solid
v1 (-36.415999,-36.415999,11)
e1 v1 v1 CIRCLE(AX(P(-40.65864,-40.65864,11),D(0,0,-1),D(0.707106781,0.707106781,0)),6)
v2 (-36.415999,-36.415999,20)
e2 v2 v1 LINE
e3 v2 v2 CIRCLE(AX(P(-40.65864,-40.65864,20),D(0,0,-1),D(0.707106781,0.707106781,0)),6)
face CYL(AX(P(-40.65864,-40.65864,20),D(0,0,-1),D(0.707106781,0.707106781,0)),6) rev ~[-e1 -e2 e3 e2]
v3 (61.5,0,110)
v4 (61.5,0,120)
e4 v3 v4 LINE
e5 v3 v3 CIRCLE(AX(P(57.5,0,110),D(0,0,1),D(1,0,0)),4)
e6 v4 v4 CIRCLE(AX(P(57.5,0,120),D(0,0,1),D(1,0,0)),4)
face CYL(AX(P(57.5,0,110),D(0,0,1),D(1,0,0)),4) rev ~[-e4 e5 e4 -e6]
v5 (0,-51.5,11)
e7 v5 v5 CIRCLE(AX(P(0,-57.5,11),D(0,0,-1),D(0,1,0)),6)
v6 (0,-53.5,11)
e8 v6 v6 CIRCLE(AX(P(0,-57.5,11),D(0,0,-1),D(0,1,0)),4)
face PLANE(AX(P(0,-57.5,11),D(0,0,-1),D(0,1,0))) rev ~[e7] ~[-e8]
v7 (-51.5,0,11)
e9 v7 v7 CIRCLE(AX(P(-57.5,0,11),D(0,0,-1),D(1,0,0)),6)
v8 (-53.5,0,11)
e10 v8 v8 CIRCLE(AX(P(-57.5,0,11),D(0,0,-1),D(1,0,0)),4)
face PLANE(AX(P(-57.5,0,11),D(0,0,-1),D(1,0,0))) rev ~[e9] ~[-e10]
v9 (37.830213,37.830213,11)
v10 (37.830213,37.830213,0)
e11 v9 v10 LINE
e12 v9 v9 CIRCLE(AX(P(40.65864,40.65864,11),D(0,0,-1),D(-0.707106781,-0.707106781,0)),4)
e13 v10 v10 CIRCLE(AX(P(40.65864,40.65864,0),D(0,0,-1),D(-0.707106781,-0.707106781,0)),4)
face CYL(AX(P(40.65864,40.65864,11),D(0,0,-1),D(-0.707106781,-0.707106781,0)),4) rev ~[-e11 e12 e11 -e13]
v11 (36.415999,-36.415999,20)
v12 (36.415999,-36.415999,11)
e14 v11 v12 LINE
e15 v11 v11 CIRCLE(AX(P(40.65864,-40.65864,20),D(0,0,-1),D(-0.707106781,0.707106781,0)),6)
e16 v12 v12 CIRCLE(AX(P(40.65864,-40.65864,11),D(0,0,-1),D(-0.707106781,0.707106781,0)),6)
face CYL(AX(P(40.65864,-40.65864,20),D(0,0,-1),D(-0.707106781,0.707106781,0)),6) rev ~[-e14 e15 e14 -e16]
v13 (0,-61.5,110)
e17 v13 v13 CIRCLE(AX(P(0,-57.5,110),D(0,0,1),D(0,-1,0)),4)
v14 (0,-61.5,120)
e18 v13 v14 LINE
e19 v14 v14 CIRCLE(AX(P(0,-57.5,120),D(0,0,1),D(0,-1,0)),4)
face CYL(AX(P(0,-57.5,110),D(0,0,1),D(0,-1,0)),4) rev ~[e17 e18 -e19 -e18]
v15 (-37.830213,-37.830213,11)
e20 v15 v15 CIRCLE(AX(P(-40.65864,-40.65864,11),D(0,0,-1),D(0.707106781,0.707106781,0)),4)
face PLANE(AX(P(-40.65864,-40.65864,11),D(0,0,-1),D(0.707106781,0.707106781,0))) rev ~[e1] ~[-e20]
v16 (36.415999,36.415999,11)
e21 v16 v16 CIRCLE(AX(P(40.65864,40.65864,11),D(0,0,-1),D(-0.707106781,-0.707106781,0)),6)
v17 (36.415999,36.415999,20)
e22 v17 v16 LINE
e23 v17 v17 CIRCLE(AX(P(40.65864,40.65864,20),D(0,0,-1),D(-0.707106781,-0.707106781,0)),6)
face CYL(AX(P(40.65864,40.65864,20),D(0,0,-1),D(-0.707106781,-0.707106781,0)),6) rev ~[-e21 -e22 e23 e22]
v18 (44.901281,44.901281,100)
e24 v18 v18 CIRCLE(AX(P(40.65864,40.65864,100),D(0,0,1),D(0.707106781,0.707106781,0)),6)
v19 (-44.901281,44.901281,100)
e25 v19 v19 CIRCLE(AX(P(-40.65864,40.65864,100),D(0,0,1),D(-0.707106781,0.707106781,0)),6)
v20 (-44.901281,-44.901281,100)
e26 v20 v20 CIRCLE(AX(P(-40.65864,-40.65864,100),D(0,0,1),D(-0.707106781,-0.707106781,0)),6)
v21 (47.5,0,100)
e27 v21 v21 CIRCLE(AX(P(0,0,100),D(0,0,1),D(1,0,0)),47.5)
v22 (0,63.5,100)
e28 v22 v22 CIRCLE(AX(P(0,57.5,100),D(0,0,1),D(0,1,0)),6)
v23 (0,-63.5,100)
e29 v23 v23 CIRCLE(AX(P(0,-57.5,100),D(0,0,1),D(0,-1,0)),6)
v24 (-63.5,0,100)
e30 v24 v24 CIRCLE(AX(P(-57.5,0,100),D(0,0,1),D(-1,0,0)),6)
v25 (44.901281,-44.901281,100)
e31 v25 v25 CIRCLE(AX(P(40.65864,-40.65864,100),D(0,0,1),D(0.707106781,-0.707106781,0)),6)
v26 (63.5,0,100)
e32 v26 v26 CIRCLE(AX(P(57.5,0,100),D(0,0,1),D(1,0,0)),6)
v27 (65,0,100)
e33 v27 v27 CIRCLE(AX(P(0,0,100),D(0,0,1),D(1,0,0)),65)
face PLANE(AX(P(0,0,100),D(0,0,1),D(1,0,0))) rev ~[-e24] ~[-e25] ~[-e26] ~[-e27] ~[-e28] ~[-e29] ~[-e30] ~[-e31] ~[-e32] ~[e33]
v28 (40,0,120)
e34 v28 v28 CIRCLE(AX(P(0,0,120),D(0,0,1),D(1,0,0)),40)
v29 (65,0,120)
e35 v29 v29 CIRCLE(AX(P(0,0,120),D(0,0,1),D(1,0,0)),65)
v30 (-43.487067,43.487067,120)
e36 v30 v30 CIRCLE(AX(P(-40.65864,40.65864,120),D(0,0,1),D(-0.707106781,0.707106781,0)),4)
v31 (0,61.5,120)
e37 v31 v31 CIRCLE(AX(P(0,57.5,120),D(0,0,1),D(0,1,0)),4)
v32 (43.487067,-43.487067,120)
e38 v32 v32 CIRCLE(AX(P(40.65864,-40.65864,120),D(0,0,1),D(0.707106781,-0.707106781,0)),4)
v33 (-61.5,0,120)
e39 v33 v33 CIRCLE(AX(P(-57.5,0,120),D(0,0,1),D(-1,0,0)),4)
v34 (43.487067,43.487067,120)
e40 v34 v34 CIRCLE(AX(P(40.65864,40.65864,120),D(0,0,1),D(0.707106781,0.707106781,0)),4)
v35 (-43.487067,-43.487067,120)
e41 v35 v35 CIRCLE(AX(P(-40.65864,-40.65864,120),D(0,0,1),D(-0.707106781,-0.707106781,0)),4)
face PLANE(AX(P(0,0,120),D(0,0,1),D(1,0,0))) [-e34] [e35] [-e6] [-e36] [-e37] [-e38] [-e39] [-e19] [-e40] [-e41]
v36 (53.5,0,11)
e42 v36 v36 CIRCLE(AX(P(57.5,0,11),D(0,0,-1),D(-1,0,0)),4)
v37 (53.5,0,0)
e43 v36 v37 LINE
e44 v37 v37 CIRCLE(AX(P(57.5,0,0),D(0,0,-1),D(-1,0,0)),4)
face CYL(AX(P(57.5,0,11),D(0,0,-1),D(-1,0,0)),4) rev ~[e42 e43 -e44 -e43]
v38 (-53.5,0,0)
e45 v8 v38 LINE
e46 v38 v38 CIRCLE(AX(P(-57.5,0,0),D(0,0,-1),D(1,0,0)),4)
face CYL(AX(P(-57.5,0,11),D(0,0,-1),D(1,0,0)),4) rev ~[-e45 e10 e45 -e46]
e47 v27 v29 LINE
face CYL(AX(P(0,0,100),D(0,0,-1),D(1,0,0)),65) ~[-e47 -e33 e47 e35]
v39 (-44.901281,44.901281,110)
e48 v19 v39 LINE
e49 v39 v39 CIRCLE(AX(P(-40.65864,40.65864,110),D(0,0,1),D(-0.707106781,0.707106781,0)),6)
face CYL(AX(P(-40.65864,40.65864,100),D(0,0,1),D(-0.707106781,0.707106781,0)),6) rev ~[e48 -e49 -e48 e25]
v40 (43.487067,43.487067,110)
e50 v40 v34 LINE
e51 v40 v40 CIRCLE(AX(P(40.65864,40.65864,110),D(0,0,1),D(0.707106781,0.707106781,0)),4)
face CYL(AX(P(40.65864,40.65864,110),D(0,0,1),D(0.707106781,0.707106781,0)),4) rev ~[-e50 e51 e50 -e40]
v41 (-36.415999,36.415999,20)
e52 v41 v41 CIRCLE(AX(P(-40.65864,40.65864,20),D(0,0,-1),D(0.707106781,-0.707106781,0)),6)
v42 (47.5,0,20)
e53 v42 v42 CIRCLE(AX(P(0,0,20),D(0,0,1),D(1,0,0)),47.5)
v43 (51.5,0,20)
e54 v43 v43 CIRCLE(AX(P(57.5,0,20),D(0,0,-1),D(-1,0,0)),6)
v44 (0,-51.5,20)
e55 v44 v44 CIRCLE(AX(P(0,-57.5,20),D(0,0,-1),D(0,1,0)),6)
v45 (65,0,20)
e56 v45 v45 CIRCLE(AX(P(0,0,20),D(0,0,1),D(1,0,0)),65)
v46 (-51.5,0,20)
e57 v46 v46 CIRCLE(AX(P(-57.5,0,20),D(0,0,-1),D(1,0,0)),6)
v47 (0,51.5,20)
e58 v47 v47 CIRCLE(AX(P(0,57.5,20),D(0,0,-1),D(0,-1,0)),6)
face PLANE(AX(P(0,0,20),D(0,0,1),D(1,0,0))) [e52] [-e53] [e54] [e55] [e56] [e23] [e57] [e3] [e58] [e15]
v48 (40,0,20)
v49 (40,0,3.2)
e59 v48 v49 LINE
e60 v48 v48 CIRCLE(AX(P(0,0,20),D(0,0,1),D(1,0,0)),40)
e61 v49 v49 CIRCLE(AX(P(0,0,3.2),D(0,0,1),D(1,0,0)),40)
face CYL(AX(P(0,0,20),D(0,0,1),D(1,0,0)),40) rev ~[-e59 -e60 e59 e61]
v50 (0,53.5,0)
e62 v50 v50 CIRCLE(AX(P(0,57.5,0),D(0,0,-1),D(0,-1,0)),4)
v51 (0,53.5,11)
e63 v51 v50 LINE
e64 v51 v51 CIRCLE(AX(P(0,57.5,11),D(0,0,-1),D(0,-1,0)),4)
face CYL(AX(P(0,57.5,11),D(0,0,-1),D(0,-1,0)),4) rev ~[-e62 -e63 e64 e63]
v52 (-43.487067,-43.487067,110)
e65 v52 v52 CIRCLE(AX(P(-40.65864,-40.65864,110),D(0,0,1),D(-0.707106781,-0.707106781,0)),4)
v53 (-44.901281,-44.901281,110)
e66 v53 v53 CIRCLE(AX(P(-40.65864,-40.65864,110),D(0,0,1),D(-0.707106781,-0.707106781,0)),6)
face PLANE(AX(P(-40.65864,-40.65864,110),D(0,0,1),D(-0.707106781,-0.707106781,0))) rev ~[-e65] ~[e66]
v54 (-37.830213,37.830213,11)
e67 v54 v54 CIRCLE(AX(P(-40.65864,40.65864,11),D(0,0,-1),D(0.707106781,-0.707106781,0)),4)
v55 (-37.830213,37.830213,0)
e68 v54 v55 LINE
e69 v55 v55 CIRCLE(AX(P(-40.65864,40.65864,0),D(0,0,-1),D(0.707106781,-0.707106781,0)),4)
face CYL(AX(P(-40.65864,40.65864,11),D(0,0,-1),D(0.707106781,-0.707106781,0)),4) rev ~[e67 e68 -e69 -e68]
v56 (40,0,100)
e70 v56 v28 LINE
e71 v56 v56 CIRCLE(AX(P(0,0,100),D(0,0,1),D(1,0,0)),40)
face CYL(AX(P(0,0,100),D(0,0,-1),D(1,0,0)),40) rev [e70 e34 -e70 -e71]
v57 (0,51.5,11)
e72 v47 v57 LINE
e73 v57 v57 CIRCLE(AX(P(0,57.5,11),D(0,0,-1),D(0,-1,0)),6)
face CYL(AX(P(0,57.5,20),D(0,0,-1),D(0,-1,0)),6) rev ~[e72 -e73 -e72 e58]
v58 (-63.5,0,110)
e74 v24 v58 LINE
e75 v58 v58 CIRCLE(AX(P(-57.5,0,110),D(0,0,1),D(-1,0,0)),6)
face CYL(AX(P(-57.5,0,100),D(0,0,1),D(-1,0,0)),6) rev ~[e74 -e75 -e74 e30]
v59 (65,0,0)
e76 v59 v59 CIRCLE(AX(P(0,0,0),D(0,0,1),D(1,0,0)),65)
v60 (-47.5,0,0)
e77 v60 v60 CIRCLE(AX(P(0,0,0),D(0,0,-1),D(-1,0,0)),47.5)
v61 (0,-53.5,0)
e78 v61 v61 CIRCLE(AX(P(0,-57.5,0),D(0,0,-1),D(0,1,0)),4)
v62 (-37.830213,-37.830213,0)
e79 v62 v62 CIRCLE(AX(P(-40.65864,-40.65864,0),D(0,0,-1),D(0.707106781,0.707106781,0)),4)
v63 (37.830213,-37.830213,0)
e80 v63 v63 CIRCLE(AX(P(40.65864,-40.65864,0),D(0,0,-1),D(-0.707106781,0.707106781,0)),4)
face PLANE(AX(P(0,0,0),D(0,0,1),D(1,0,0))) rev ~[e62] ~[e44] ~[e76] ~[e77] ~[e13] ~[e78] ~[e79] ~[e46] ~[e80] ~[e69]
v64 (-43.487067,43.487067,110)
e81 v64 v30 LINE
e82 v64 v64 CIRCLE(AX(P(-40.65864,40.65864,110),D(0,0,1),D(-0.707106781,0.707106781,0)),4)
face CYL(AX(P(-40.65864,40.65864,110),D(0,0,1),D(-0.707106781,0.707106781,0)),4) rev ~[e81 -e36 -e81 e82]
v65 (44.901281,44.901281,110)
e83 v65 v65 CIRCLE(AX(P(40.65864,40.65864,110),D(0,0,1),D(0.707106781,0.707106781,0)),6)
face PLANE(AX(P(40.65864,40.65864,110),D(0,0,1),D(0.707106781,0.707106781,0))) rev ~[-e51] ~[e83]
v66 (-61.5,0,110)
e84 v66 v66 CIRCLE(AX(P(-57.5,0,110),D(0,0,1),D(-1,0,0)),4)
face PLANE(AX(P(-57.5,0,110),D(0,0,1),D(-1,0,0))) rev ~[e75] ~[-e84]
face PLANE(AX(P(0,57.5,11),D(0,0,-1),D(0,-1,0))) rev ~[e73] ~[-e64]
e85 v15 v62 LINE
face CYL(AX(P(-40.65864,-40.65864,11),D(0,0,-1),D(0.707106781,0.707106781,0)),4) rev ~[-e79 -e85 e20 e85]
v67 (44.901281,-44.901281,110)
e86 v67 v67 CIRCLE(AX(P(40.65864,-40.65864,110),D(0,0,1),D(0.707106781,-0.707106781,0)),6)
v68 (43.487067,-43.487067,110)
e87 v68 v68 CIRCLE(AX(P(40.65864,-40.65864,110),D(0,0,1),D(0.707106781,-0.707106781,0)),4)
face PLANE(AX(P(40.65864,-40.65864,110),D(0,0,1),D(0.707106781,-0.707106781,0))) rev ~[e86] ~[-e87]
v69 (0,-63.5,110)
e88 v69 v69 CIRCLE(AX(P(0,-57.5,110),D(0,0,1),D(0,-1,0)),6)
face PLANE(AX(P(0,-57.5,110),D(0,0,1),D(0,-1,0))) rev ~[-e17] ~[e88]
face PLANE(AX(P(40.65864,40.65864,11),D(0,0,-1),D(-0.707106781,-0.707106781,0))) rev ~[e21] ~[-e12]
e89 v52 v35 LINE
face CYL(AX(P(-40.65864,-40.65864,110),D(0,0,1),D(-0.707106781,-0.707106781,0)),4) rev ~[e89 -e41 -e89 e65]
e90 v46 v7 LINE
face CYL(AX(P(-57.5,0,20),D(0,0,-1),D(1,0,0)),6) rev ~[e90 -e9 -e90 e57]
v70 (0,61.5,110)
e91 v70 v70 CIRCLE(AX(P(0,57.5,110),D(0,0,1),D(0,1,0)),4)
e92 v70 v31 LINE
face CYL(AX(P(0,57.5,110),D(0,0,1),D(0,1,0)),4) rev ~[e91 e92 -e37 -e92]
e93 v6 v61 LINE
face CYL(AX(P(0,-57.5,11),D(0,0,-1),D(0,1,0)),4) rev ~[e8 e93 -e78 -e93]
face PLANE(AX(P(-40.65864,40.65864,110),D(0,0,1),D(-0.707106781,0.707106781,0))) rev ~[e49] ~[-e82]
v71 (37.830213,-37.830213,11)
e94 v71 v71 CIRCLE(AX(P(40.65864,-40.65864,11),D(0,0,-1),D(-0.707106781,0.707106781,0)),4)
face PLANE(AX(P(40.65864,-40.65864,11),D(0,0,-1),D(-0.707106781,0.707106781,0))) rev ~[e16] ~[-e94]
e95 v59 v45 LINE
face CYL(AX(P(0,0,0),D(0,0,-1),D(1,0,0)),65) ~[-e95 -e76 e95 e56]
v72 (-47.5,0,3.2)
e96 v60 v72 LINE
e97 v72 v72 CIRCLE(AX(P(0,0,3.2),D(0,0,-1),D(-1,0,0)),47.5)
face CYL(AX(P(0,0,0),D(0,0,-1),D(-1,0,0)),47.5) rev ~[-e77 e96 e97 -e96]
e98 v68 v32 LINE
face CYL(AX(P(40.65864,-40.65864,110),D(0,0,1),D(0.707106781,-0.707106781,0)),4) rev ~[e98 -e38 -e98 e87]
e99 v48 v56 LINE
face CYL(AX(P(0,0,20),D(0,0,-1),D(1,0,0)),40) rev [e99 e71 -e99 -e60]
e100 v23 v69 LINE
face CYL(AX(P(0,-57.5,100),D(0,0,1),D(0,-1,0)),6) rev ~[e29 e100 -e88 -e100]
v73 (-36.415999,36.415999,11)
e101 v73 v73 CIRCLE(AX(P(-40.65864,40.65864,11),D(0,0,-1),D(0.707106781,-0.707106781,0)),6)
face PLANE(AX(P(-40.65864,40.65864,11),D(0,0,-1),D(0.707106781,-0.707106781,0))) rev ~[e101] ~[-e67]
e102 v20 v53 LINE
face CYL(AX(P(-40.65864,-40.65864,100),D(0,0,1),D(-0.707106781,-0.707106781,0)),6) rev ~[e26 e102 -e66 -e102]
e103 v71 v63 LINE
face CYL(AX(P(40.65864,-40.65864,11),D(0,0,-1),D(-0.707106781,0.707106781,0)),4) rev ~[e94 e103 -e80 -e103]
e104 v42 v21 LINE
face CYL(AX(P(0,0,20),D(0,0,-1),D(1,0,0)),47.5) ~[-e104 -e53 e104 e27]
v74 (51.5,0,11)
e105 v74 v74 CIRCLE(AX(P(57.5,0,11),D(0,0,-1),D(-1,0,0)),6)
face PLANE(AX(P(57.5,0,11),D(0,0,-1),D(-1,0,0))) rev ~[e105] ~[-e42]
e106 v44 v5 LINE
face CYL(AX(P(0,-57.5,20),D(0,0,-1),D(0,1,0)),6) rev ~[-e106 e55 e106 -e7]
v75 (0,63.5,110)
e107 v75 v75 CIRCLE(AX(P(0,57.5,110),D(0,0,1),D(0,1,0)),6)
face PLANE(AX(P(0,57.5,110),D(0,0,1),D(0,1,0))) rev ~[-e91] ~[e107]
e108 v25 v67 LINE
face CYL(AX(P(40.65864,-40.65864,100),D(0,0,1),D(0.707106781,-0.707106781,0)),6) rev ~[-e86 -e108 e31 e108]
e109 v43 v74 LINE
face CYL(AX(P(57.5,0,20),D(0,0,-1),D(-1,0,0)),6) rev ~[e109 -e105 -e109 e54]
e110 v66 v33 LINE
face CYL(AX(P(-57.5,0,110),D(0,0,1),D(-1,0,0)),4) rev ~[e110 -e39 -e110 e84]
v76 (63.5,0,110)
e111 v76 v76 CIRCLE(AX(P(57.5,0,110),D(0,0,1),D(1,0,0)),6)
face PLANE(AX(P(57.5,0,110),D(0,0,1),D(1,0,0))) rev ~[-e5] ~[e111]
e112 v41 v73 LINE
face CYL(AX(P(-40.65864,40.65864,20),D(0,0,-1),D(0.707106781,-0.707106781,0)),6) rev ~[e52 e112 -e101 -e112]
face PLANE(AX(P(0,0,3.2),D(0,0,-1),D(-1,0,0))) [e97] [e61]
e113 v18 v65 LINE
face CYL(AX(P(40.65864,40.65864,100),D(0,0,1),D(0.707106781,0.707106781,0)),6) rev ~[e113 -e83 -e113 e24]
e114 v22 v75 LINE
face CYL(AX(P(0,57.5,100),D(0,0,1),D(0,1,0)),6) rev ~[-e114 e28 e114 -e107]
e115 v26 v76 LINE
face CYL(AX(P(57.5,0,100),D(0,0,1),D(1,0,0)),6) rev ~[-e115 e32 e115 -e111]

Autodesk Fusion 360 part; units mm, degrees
sketch "Sketch1" plane through (0, 0, 0) normal (0, 0, 1) x (1, 0, 0)
  circle A0 centre (0, 0) radius 57.5
  circle A1 centre (0, 0) radius 65
  dimension "d1" = 115
  dimension "d2" = 130
extrude "Extrude1" add sketch "Sketch1" along normal blind 20 contours A0 | A1
sketch "Sketch2" plane through (0, 0, 0) normal (0, 0, -1) x (-1, 0, 0)
  circle A0 centre (0, 0) radius 65
  circle A1 centre (0, 0) radius 57.5
  circle A2 centre (0, 0) radius 47.5
  dimension "d5" = 115
  dimension "d6" = 95
extrude "Extrude2" cut sketch "Sketch2" against normal blind 3.2 contours A2
sketch "Sketch3" plane through (0, 0, 20) normal (0, 0, 1) x (1, 0, 0)
  circle A0 centre (0, 0) radius 65
  circle A1 centre (0, 0) radius 57.5
  line L0 (0, 0) -> (0, 57.5)
  dimension "d9" = 115
hole "Hole1" at (0, 57.5, 20) direction (0, 0, -1) diameter 8 end through all counterbore diameter 12 counterbore depth 9
pattern_circular "C-Pattern1" count 8 over 360 about axis through (0, 0, 1.75) along (0, 0, 1) of "Hole1"
sketch "Sketch4" plane through (0, 0, 20) normal (0, 0, 1) x (1, 0, 0)
  circle A0 centre (40.6586, 40.6586) radius 6
  circle A1 centre (57.5, 0) radius 6
  circle A2 centre (40.6586, -40.6586) radius 6
  circle A3 centre (0, -57.5) radius 6
  circle A4 centre (-40.6586, -40.6586) radius 6
  circle A5 centre (-57.5, 0) radius 6
  circle A6 centre (-40.6586, 40.6586) radius 6
  circle A7 centre (0, 57.5) radius 6
  circle A8 centre (0, 0) radius 65
  circle A9 centre (0, 0) radius 40
  dimension "d17" = 80
extrude "Extrude3" cut sketch "Sketch4" against normal blind 17 contours A9
sketch "Sketch5" plane through (0, 0, 20) normal (0, 0, 1) x (1, 0, 0)
  circle A0 centre (0, 0) radius 40
  circle A1 centre (40.6586, 40.6586) radius 6
  circle A2 centre (57.5, 0) radius 6
  circle A3 centre (40.6586, -40.6586) radius 6
  circle A4 centre (0, -57.5) radius 6
  circle A5 centre (-40.6586, -40.6586) radius 6
  circle A6 centre (-57.5, 0) radius 6
  circle A7 centre (-40.6586, 40.6586) radius 6
  circle A8 centre (0, 57.5) radius 6
  circle A9 centre (0, 0) radius 65
  circle A10 centre (0, 0) radius 47.5
  dimension "d20" = 95
extrude "Extrude4" add sketch "Sketch5" along normal blind 80 contours A10
sketch "Sketch6" plane through (0, 0, 100) normal (0, 0, 1) x (1, 0, 0)
  circle A0 centre (0, 0) radius 40
  circle A1 centre (0, 0) radius 47.5
  circle A2 centre (0, 0) radius 65
extrude "Extrude5" add sketch "Sketch6" along normal blind 20 contours A1 | A2
sketch "Sketch7" plane through (0, 0, 100) normal (0, 0, -1) x (-1, 0, 0)
  circle A0 centre (0, 0) radius 65
  circle A1 centre (0, 0) radius 47.5
  line L0 (0, 0) -> (0, 57.5)
  dimension "d25" = 57.5
hole "Hole2" at (0, 57.5, 100) direction (0, 0, 1) diameter 8 end through all counterbore diameter 12 counterbore depth 10
pattern_circular "C-Pattern2" count 8 over 360 about axis through (0, 0, 1.75) along (0, 0, 1) of "Hole2"
equation "d2 = 115 mm + 15 mm"
equation "d25 = ( 115 / 2 ) * 1 mm"
